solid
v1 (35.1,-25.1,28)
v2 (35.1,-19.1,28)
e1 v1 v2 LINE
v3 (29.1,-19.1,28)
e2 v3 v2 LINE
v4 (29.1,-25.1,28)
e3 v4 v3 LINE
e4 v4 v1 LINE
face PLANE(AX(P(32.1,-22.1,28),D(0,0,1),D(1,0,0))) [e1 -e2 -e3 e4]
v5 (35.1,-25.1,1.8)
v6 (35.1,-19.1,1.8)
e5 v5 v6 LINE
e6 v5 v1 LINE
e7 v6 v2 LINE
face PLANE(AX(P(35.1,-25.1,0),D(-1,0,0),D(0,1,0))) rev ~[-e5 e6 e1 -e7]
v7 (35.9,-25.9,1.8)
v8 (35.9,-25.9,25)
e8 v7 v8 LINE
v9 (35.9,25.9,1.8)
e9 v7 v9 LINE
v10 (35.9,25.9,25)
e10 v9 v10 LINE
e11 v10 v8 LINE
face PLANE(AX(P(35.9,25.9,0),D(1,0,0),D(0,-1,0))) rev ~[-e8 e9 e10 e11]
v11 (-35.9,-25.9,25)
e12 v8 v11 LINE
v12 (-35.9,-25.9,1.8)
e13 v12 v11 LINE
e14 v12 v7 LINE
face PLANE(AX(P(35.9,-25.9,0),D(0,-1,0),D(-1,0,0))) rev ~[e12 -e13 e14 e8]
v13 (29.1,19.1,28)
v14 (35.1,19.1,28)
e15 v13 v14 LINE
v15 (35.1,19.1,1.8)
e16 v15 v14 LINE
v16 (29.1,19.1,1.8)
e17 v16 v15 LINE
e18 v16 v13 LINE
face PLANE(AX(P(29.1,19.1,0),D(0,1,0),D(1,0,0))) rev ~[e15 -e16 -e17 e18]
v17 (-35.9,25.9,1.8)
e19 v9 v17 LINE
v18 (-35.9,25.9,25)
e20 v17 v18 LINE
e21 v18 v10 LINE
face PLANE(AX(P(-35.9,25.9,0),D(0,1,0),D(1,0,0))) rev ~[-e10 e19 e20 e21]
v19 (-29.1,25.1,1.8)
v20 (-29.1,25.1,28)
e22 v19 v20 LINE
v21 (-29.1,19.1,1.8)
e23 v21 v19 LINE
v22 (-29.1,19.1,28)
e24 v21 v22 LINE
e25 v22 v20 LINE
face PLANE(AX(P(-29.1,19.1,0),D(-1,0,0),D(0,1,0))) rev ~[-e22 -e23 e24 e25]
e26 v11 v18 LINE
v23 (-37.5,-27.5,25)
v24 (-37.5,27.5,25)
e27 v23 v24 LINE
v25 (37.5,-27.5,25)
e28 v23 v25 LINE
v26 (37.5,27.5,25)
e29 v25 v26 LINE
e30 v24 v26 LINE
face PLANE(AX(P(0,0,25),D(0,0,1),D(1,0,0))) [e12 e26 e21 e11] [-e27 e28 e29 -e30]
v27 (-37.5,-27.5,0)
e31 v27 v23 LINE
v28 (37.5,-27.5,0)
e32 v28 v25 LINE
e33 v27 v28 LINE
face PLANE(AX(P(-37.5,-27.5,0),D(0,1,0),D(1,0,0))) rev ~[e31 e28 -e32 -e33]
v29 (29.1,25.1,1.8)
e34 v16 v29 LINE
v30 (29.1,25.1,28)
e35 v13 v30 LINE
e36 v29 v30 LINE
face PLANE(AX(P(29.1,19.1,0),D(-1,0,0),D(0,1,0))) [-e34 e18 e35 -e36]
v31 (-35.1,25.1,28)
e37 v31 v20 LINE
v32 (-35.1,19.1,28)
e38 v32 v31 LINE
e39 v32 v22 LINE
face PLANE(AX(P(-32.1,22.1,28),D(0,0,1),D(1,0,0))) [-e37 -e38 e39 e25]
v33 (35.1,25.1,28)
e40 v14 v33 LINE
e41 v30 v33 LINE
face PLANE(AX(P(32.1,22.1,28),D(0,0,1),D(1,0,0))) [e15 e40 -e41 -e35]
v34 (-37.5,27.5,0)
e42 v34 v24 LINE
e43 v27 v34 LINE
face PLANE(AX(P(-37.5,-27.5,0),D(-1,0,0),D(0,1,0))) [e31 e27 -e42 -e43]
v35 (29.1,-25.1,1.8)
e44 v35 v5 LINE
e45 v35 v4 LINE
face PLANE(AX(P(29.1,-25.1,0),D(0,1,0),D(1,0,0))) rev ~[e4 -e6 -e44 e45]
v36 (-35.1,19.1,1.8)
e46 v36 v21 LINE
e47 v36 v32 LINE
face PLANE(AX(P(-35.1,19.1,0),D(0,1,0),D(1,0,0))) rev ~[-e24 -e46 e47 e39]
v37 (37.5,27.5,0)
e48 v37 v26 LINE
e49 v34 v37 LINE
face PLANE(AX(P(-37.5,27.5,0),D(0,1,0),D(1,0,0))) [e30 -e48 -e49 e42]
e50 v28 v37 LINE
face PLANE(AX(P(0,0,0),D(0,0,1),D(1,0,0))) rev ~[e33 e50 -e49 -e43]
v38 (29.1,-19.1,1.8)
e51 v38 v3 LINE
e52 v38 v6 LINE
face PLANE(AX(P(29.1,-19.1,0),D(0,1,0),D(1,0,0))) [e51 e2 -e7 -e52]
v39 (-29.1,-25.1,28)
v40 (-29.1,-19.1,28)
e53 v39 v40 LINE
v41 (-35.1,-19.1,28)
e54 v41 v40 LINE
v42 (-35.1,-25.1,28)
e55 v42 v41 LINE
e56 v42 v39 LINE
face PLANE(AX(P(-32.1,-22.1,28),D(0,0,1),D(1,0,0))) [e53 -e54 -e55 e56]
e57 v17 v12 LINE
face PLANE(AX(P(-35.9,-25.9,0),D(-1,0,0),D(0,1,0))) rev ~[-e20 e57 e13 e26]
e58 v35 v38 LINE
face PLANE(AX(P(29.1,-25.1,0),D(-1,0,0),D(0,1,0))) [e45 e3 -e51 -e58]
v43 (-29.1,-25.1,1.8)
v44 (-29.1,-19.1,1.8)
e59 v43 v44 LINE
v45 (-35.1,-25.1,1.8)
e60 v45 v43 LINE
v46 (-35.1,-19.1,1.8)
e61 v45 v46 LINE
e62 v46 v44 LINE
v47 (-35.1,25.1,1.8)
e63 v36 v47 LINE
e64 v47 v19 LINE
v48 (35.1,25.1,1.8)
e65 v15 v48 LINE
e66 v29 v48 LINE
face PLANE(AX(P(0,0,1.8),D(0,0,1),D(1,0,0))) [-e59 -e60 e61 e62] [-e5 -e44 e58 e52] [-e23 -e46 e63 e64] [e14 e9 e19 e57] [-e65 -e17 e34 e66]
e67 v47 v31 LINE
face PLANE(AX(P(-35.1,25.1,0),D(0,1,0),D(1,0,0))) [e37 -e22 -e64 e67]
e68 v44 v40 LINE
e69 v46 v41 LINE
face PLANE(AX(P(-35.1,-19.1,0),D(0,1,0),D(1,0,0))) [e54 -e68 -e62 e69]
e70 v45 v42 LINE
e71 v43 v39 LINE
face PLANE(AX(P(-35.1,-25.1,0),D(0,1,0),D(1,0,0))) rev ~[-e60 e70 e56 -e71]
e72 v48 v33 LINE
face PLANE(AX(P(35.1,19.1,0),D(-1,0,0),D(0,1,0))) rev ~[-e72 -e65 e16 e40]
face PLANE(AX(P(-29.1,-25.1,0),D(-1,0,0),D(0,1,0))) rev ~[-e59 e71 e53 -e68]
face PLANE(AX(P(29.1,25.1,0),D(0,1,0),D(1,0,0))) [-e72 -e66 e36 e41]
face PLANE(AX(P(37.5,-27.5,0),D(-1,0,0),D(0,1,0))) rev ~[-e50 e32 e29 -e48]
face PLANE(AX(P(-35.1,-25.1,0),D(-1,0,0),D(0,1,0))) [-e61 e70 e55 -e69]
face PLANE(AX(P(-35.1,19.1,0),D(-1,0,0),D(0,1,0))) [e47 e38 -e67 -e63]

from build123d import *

# Parameters (mm, degrees)
F0_W     = 6
F0_H     = 6
F1_DEPTH = 28
F0_W_2   = 75
F0_H_2   = 55
F2_DEPTH = 25
F3_DEPTH = 1.8


with BuildPart() as f1:
    # F0 (on Top) → F1 (new body)
    with BuildSketch(Plane.XY):
        with Locations((-32.1, 22.1)):
            Rectangle(F0_W, F0_H)
    extrude(amount=F1_DEPTH)



with BuildPart() as f1b:
    # F0 (on Top) → F1, piece 2 (new body)
    with BuildSketch(Plane.XY):
        with Locations((32.1, 22.1)):
            Rectangle(F0_W, F0_H)
    extrude(amount=F1_DEPTH)


with BuildPart() as f1c:
    # F0 (on Top) → F1, piece 3 (new body)
    with BuildSketch(Plane.XY):
        with Locations((-32.1, -22.1)):
            Rectangle(F0_W, F0_H)
    extrude(amount=F1_DEPTH)


with BuildPart() as f1d:
    # F0 (on Top) → F1, piece 4 (new body)
    with BuildSketch(Plane.XY):
        with Locations((32.1, -22.1)):
            Rectangle(F0_W, F0_H)
    extrude(amount=F1_DEPTH)


with BuildPart() as f2:
    # F0 (on Top) → F2 (new body)
    with BuildSketch(Plane.XY):
        Rectangle(F0_W_2, F0_H_2)
        Polygon((-35.9, 25.1), (-35.9, 25.9), (-35.1, 25.9), (35.1, 25.9), (35.9, 25.9), (35.9, 25.1), (35.9, -25.1), (35.9, -25.9), (35.1, -25.9), (-35.1, -25.9), (-35.9, -25.9), (-35.9, -25.1), align=None, mode=Mode.SUBTRACT)
    extrude(amount=F2_DEPTH)


with BuildPart() as f1_1:
    add(f1.part)

    add(f1b.part)  # F3 merges F1b

    add(f1c.part)  # F3 merges F1c

    add(f1d.part)  # F3 merges F1d

    add(f2.part)  # F3 merges F2
    # F0 (on Top) → F3 (join)
    with BuildSketch(Plane.XY):
        Polygon((-35.1, 25.9), (-35.9, 25.9), (-35.9, 25.1), (-35.9, -25.1), (-35.9, -25.9), (-35.1, -25.9), (35.1, -25.9), (35.9, -25.9), (35.9, -25.1), (35.9, 25.1), (35.9, 25.9), (35.1, 25.9), align=None)
        with Locations((-32.1, -22.1)):
            Rectangle(F0_W, F0_H, mode=Mode.SUBTRACT)
        with Locations((32.1, -22.1)):
            Rectangle(F0_W, F0_H, mode=Mode.SUBTRACT)
        with Locations((-32.1, 22.1)):
            Rectangle(F0_W, F0_H, mode=Mode.SUBTRACT)
        with Locations((32.1, 22.1)):
            Rectangle(F0_W, F0_H, mode=Mode.SUBTRACT)
    extrude(amount=F3_DEPTH)


solid = f1_1.part
